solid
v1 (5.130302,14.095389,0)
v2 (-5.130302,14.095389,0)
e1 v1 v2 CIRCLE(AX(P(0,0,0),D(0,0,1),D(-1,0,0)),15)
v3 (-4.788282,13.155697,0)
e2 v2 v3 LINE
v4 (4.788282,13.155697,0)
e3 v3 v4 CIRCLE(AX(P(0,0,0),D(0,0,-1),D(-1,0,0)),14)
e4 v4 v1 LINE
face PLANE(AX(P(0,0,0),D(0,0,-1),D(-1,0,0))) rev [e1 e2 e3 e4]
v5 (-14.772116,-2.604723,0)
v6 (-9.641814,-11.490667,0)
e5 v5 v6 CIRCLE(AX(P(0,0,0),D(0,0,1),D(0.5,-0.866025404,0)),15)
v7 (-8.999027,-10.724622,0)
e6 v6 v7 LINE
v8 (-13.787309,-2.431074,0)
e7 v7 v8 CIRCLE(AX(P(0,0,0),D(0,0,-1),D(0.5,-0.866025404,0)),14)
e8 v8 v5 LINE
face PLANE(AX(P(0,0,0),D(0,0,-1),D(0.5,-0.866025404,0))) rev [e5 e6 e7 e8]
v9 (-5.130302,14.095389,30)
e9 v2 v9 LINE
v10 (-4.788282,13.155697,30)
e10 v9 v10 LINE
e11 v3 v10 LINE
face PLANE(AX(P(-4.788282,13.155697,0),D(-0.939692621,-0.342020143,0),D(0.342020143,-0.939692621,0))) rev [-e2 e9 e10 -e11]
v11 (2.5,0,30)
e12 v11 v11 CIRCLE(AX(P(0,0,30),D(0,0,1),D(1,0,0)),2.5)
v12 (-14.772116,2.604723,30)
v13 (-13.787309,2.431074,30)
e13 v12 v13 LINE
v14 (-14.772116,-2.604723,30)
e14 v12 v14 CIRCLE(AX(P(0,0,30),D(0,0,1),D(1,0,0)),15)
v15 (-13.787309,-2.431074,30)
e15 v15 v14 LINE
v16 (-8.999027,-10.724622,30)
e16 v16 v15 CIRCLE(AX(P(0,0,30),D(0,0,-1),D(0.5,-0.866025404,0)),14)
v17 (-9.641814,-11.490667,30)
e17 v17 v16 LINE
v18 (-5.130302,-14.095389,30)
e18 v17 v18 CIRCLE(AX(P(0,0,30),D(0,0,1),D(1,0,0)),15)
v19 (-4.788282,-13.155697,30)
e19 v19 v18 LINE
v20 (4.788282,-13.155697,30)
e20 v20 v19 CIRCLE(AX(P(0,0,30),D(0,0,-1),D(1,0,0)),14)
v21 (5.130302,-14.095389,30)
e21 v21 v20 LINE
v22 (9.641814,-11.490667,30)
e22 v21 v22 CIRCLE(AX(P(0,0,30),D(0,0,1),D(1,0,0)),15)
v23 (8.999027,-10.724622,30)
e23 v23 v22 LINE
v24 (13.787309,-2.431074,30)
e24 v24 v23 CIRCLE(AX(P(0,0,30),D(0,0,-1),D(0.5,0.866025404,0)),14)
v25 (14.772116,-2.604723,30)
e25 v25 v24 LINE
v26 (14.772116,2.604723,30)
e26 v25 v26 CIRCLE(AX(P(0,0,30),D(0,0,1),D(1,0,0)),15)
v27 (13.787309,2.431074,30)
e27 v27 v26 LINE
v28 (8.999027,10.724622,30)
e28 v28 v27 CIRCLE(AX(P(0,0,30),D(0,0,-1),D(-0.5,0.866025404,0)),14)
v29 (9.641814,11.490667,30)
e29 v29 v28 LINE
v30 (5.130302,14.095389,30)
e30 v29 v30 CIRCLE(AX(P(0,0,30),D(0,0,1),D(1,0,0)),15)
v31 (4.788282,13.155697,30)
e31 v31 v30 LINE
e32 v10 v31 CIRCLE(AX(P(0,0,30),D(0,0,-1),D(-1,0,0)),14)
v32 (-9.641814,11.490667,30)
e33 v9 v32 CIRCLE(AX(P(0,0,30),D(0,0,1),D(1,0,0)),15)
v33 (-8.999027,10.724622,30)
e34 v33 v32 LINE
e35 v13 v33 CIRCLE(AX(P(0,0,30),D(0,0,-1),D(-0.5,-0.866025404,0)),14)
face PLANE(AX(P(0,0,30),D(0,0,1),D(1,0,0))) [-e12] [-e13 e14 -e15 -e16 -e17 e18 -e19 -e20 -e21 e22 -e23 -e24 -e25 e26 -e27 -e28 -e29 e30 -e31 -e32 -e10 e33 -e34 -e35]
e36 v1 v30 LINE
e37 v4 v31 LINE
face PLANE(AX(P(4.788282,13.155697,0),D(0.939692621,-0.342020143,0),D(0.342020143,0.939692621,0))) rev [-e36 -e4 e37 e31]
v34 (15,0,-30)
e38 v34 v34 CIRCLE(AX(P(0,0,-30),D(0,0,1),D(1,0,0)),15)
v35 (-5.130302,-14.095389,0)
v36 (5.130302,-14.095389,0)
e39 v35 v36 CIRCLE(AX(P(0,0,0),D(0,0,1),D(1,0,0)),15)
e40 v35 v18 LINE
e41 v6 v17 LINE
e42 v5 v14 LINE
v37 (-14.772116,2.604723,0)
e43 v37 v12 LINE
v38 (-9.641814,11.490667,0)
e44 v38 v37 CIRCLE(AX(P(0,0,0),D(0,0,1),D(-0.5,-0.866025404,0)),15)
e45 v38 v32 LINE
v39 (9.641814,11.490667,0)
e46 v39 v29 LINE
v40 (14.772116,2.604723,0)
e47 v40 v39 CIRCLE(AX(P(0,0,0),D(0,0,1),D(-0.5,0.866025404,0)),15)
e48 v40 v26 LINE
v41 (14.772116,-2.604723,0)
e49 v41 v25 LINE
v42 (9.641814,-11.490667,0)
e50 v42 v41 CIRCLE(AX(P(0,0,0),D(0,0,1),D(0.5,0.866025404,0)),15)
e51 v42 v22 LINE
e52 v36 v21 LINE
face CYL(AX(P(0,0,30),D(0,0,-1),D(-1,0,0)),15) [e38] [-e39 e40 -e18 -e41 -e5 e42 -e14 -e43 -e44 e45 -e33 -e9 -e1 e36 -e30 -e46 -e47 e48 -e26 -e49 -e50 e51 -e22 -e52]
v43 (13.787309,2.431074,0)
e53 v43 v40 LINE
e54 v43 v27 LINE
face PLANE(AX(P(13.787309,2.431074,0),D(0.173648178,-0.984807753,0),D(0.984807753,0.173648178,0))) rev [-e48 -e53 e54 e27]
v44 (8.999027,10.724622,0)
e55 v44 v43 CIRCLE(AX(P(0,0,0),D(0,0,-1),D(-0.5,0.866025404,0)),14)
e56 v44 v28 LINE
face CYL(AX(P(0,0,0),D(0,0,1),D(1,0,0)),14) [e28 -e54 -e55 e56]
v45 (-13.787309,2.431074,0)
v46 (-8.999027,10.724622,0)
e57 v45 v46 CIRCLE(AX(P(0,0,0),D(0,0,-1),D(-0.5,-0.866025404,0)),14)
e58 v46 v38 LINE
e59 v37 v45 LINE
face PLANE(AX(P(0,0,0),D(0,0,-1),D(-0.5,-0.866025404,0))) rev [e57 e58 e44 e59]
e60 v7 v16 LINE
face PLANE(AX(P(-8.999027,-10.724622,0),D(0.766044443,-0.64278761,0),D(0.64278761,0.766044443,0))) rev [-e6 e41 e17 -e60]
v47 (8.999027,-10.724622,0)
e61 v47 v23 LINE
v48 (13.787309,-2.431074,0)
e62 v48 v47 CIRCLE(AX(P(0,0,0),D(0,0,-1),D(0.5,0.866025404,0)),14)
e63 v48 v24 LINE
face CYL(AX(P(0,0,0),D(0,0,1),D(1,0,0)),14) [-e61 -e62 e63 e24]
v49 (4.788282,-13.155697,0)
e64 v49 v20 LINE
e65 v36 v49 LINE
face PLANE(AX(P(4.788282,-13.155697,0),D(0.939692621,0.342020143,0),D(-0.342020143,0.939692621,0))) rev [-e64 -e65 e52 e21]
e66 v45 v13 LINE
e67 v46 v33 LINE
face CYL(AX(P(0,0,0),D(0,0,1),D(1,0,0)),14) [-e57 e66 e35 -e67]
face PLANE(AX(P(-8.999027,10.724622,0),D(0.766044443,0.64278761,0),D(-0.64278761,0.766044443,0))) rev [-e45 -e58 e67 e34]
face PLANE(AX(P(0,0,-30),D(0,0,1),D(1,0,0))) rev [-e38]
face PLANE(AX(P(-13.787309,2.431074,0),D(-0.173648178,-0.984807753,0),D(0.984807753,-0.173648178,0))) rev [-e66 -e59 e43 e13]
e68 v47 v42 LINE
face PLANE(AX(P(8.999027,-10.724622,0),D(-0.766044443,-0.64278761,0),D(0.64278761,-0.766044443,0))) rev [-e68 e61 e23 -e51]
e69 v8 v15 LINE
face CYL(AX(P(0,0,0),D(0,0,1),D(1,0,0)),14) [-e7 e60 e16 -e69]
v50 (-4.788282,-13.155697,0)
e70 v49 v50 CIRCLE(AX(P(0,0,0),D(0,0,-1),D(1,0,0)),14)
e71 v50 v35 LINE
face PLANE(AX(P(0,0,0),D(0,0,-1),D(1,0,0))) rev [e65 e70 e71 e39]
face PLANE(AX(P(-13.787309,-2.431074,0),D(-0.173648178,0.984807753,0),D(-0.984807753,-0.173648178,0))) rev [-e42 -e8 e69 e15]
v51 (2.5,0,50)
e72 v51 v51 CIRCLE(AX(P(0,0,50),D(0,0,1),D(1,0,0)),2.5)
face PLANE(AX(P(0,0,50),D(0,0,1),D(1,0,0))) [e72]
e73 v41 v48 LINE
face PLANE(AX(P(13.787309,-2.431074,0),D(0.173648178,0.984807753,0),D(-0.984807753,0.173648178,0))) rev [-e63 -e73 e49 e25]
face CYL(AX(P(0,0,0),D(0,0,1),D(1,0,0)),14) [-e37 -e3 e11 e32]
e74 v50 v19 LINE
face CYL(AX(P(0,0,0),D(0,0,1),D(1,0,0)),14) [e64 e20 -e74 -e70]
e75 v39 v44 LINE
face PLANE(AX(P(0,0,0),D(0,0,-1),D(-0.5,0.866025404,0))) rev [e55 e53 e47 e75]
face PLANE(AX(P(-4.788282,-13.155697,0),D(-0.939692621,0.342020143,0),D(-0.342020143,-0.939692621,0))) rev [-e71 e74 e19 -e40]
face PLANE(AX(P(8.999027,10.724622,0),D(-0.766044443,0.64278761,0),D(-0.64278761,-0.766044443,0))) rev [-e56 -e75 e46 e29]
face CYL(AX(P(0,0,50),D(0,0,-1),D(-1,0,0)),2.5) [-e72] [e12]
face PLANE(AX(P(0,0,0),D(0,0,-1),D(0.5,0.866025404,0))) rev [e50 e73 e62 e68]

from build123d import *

# Parameters (mm, degrees)
SKETCH1_R           = 15
BOSS_EXTRUDE1_DEPTH = 30
SKETCH2_R           = 2.5
BOSS_EXTRUDE2_DEPTH = 20
CUT_EXTRUDE2_DEPTH  = 30
CIRPATTERN2_COUNT   = 6


with BuildPart() as part:
    # Sketch1 → Boss-Extrude1 (new, symmetric)
    with BuildSketch(Plane.XY):
        with Locations(Location((0, 0, 0), (0, 0, 180))):
            Circle(SKETCH1_R)
    extrude(amount=BOSS_EXTRUDE1_DEPTH, both=True)

    # Sketch2 → Boss-Extrude2 (add)
    with BuildSketch(Plane.XY.offset(30)):
        Circle(SKETCH2_R)
    extrude(amount=BOSS_EXTRUDE2_DEPTH)

    # Sketch4 → Cut-Extrude2 (cut)
    with BuildSketch(Plane.XY.offset(30)):
        with BuildLine():
            Line((-4.788282007, 13.155696691), (-5.13030215, 14.095389312))
            ThreePointArc((-5.13030215, 14.095389312), (0, 15), (5.13030215, 14.095389312))
            Line((5.13030215, 14.095389312), (4.788282007, 13.155696691))
            ThreePointArc((4.788282007, 13.155696691), (0, 14), (-4.788282007, 13.155696691))
        make_face()
    cut_extrude2 = extrude(amount=-CUT_EXTRUDE2_DEPTH, mode=Mode.SUBTRACT)

    # CirPattern2: Cut-Extrude2 ×6 about axis
    cirpattern2_axis = Axis((0, 0, 0), (0, 0, 1))
    for i in range(1, CIRPATTERN2_COUNT):
        add(cut_extrude2.rotate(cirpattern2_axis, i * 360 / CIRPATTERN2_COUNT), mode=Mode.SUBTRACT)


solid = part.part
